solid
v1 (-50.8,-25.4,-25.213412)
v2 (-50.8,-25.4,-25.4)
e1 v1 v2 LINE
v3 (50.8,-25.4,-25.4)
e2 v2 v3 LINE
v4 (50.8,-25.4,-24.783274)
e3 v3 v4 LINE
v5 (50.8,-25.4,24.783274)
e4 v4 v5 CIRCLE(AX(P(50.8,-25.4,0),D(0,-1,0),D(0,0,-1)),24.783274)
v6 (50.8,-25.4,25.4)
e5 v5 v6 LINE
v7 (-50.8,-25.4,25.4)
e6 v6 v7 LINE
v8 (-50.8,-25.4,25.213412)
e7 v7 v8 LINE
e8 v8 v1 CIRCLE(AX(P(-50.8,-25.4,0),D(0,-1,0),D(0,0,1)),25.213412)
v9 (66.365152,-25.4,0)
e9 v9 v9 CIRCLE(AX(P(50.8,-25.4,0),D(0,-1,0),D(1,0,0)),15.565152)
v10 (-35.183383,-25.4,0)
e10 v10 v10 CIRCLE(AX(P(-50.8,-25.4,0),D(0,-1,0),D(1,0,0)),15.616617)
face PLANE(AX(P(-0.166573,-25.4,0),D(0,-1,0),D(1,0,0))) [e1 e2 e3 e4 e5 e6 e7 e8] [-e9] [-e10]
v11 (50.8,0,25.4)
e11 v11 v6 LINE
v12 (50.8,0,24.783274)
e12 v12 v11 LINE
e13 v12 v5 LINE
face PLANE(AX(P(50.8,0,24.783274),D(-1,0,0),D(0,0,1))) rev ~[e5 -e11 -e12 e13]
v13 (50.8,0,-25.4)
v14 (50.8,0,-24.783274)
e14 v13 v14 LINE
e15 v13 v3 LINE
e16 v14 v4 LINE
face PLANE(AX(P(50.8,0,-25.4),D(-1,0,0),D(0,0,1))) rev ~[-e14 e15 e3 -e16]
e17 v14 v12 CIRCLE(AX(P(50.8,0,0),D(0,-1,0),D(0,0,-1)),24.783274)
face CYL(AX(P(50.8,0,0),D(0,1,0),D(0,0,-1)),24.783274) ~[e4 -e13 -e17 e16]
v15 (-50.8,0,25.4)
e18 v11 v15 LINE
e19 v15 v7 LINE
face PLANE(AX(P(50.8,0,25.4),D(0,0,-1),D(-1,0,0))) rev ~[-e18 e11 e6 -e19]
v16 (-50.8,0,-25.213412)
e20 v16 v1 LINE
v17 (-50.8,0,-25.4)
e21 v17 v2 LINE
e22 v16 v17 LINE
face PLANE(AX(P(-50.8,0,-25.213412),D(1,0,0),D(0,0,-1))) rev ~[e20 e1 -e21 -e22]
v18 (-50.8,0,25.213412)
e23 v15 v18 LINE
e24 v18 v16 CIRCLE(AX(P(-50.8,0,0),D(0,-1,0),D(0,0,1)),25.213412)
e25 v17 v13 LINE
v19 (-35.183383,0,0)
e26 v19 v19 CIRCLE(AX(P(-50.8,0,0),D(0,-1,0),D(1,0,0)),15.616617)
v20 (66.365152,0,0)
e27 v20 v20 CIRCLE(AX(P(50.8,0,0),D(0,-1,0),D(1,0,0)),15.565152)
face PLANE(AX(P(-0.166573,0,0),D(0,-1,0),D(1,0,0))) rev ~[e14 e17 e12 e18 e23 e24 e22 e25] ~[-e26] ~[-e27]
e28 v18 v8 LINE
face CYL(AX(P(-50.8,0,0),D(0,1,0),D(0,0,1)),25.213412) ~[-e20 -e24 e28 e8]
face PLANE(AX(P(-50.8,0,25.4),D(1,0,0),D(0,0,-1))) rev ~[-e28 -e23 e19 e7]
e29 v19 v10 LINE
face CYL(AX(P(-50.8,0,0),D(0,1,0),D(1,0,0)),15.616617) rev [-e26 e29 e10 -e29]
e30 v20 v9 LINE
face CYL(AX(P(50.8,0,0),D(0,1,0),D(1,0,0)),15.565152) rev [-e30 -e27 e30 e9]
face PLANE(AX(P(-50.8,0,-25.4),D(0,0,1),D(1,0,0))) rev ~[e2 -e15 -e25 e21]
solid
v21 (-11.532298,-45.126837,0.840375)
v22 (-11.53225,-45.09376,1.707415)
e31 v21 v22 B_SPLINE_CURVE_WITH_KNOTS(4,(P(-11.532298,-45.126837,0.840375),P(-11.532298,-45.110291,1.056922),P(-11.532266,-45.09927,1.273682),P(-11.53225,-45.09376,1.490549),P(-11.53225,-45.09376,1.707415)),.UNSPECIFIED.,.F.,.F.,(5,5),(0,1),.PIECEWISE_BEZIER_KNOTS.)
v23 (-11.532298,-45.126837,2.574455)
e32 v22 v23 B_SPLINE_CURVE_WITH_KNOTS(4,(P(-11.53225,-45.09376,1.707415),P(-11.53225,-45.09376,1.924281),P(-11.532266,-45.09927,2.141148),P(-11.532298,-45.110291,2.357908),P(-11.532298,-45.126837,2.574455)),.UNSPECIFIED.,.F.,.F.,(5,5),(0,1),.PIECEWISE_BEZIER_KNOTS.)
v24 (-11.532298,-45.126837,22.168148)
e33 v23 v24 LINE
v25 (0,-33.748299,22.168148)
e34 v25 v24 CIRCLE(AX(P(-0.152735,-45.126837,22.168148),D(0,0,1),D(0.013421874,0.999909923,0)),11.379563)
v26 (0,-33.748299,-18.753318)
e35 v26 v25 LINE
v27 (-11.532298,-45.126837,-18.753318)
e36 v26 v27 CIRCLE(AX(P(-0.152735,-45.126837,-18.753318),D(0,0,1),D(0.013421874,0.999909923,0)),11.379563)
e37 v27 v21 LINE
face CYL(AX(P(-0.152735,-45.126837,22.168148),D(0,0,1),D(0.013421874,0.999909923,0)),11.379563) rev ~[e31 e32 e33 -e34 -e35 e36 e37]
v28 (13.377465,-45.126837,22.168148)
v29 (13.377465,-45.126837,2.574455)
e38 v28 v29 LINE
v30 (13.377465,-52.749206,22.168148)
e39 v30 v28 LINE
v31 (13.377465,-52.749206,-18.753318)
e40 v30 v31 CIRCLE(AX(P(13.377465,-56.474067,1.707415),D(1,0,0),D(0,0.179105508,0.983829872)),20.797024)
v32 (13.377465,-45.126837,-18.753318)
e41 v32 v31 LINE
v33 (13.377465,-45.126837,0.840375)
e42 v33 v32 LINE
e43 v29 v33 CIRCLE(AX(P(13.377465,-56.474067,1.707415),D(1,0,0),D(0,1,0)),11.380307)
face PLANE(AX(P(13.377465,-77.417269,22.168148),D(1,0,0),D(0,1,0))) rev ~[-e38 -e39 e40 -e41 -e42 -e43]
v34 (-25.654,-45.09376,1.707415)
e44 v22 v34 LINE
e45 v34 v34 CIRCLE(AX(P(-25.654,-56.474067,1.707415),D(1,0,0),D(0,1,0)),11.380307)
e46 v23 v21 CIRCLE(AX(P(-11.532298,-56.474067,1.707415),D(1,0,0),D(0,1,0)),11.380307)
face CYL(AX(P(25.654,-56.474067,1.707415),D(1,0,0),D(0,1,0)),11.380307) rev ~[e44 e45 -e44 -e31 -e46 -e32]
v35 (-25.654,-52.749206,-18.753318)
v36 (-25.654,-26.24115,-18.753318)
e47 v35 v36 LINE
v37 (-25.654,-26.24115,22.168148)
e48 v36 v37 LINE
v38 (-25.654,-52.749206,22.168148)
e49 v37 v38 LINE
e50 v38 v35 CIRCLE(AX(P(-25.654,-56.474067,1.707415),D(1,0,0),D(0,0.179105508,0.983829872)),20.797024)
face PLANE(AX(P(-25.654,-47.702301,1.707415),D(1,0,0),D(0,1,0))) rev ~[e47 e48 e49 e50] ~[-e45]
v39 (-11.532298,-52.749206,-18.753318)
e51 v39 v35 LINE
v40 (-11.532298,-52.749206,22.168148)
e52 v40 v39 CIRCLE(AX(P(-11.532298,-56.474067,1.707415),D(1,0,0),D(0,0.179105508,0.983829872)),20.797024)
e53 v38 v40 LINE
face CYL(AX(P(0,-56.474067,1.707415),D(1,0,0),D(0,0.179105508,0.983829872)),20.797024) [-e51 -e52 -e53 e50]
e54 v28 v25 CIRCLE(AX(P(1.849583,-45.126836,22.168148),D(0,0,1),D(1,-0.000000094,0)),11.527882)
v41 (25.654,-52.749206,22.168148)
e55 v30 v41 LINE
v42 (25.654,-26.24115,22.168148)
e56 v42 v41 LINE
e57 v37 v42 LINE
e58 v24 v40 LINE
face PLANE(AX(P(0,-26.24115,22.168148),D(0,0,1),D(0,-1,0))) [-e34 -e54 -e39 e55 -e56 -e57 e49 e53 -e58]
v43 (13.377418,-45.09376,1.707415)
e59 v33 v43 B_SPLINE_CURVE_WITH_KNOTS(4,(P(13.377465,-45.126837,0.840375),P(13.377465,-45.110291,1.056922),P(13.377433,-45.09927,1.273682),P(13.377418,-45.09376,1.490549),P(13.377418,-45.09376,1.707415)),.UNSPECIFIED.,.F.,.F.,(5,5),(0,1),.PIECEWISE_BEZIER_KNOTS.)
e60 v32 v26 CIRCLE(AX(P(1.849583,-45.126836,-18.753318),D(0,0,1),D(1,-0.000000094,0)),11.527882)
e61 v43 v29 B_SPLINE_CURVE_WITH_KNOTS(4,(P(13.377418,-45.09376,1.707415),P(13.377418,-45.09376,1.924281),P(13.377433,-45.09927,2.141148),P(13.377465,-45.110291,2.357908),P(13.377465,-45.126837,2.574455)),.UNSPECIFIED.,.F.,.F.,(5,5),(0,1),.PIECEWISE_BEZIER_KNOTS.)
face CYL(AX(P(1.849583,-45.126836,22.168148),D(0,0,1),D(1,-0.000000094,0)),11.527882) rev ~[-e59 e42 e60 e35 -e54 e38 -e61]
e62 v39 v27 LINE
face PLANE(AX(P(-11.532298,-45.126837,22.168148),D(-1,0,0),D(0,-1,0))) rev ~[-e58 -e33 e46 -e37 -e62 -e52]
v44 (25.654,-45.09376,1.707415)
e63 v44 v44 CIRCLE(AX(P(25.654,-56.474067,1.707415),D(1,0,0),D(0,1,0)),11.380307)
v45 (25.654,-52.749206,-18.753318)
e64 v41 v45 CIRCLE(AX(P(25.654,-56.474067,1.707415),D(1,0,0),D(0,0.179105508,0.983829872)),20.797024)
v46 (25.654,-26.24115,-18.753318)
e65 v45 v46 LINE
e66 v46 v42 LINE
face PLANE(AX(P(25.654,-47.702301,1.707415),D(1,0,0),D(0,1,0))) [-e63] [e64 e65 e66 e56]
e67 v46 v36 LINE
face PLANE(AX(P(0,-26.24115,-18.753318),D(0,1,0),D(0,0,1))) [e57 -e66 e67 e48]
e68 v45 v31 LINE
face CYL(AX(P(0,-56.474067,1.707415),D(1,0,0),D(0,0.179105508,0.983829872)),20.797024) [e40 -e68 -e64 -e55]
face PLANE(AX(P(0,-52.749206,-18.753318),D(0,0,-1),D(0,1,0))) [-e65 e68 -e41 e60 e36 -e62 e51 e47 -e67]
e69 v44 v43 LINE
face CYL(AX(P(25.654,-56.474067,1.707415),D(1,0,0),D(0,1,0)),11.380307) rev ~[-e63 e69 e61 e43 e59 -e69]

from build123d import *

# Parameters (mm, degrees)
F0_R     = 15.616617
F0_R_2   = 15.565152
F1_DEPTH = 25.4
F3_DEPTH = 25.654
F5_DEPTH = 54.356
F6_R     = 11.380307
F7_DEPTH = 94.234


with BuildPart() as f1:
    # F0 (on Front) → F1 (new body)
    with BuildSketch(Plane.XZ):
        with BuildLine():
            Line((-50.8, -25.4), (50.8, -25.4))
            Line((50.8, -25.4), (50.8, -24.783274))
            ThreePointArc((50.8, -24.783274), (75.583274, 0), (50.8, 24.783274))
            Line((50.8, 24.783274), (50.8, 25.4))
            Line((50.8, 25.4), (-50.8, 25.4))
            Line((-50.8, 25.4), (-50.8, 25.213412))
            ThreePointArc((-50.8, 25.213412), (-76.013412, 0), (-50.8, -25.213412))
            Line((-50.8, -25.213412), (-50.8, -25.4))
        make_face()
        with Locations((-50.8, 0)):
            Circle(F0_R, mode=Mode.SUBTRACT)
        with Locations((50.8, 0)):
            Circle(F0_R_2, mode=Mode.SUBTRACT)
    extrude(amount=F1_DEPTH)


with BuildPart() as f3:
    # F2 (on Right) → F3 (new body, symmetric)
    with BuildSketch(Plane.YZ):
        with BuildLine():
            Line((-26.24115, -18.753318), (-26.24115, 22.168148))
            Line((-26.24115, 22.168148), (-52.749206, 22.168148))
            ThreePointArc((-52.749206, 22.168148), (-77.271091, 1.707415), (-52.749206, -18.753318))
            Line((-52.749206, -18.753318), (-26.24115, -18.753318))
        make_face()
    extrude(amount=F3_DEPTH, both=True)

    # F4 (on face) → F5 (cut, symmetric)
    with BuildSketch(Plane.XY.offset(22.168148)):
        with BuildLine():
            Line((-11.532298, -52.749206), (13.377465, -52.749206))
            Line((13.377465, -52.749206), (13.377465, -45.126837))
            ThreePointArc((13.377465, -45.126837), (9.318529, -36.345782), (0, -33.748299))
            ThreePointArc((0, -33.748299), (-8.145119, -37.026451), (-11.532298, -45.126837))
            Line((-11.532298, -45.126837), (-11.532298, -52.749206))
        make_face()
        Polygon((-11.532298, -78.339852), (13.377465, -77.417269), (13.377465, -52.749206), (-11.532298, -52.749206), align=None)
    extrude(amount=F5_DEPTH, both=True, mode=Mode.SUBTRACT)

    # F6 (on face) → F7 (cut)
    with BuildSketch(Plane.YZ.offset(25.654)):
        with Locations((-56.474067, 1.707415)):
            Circle(F6_R)
    extrude(amount=-F7_DEPTH, mode=Mode.SUBTRACT)


solid = Compound([f1.part, f3.part])
